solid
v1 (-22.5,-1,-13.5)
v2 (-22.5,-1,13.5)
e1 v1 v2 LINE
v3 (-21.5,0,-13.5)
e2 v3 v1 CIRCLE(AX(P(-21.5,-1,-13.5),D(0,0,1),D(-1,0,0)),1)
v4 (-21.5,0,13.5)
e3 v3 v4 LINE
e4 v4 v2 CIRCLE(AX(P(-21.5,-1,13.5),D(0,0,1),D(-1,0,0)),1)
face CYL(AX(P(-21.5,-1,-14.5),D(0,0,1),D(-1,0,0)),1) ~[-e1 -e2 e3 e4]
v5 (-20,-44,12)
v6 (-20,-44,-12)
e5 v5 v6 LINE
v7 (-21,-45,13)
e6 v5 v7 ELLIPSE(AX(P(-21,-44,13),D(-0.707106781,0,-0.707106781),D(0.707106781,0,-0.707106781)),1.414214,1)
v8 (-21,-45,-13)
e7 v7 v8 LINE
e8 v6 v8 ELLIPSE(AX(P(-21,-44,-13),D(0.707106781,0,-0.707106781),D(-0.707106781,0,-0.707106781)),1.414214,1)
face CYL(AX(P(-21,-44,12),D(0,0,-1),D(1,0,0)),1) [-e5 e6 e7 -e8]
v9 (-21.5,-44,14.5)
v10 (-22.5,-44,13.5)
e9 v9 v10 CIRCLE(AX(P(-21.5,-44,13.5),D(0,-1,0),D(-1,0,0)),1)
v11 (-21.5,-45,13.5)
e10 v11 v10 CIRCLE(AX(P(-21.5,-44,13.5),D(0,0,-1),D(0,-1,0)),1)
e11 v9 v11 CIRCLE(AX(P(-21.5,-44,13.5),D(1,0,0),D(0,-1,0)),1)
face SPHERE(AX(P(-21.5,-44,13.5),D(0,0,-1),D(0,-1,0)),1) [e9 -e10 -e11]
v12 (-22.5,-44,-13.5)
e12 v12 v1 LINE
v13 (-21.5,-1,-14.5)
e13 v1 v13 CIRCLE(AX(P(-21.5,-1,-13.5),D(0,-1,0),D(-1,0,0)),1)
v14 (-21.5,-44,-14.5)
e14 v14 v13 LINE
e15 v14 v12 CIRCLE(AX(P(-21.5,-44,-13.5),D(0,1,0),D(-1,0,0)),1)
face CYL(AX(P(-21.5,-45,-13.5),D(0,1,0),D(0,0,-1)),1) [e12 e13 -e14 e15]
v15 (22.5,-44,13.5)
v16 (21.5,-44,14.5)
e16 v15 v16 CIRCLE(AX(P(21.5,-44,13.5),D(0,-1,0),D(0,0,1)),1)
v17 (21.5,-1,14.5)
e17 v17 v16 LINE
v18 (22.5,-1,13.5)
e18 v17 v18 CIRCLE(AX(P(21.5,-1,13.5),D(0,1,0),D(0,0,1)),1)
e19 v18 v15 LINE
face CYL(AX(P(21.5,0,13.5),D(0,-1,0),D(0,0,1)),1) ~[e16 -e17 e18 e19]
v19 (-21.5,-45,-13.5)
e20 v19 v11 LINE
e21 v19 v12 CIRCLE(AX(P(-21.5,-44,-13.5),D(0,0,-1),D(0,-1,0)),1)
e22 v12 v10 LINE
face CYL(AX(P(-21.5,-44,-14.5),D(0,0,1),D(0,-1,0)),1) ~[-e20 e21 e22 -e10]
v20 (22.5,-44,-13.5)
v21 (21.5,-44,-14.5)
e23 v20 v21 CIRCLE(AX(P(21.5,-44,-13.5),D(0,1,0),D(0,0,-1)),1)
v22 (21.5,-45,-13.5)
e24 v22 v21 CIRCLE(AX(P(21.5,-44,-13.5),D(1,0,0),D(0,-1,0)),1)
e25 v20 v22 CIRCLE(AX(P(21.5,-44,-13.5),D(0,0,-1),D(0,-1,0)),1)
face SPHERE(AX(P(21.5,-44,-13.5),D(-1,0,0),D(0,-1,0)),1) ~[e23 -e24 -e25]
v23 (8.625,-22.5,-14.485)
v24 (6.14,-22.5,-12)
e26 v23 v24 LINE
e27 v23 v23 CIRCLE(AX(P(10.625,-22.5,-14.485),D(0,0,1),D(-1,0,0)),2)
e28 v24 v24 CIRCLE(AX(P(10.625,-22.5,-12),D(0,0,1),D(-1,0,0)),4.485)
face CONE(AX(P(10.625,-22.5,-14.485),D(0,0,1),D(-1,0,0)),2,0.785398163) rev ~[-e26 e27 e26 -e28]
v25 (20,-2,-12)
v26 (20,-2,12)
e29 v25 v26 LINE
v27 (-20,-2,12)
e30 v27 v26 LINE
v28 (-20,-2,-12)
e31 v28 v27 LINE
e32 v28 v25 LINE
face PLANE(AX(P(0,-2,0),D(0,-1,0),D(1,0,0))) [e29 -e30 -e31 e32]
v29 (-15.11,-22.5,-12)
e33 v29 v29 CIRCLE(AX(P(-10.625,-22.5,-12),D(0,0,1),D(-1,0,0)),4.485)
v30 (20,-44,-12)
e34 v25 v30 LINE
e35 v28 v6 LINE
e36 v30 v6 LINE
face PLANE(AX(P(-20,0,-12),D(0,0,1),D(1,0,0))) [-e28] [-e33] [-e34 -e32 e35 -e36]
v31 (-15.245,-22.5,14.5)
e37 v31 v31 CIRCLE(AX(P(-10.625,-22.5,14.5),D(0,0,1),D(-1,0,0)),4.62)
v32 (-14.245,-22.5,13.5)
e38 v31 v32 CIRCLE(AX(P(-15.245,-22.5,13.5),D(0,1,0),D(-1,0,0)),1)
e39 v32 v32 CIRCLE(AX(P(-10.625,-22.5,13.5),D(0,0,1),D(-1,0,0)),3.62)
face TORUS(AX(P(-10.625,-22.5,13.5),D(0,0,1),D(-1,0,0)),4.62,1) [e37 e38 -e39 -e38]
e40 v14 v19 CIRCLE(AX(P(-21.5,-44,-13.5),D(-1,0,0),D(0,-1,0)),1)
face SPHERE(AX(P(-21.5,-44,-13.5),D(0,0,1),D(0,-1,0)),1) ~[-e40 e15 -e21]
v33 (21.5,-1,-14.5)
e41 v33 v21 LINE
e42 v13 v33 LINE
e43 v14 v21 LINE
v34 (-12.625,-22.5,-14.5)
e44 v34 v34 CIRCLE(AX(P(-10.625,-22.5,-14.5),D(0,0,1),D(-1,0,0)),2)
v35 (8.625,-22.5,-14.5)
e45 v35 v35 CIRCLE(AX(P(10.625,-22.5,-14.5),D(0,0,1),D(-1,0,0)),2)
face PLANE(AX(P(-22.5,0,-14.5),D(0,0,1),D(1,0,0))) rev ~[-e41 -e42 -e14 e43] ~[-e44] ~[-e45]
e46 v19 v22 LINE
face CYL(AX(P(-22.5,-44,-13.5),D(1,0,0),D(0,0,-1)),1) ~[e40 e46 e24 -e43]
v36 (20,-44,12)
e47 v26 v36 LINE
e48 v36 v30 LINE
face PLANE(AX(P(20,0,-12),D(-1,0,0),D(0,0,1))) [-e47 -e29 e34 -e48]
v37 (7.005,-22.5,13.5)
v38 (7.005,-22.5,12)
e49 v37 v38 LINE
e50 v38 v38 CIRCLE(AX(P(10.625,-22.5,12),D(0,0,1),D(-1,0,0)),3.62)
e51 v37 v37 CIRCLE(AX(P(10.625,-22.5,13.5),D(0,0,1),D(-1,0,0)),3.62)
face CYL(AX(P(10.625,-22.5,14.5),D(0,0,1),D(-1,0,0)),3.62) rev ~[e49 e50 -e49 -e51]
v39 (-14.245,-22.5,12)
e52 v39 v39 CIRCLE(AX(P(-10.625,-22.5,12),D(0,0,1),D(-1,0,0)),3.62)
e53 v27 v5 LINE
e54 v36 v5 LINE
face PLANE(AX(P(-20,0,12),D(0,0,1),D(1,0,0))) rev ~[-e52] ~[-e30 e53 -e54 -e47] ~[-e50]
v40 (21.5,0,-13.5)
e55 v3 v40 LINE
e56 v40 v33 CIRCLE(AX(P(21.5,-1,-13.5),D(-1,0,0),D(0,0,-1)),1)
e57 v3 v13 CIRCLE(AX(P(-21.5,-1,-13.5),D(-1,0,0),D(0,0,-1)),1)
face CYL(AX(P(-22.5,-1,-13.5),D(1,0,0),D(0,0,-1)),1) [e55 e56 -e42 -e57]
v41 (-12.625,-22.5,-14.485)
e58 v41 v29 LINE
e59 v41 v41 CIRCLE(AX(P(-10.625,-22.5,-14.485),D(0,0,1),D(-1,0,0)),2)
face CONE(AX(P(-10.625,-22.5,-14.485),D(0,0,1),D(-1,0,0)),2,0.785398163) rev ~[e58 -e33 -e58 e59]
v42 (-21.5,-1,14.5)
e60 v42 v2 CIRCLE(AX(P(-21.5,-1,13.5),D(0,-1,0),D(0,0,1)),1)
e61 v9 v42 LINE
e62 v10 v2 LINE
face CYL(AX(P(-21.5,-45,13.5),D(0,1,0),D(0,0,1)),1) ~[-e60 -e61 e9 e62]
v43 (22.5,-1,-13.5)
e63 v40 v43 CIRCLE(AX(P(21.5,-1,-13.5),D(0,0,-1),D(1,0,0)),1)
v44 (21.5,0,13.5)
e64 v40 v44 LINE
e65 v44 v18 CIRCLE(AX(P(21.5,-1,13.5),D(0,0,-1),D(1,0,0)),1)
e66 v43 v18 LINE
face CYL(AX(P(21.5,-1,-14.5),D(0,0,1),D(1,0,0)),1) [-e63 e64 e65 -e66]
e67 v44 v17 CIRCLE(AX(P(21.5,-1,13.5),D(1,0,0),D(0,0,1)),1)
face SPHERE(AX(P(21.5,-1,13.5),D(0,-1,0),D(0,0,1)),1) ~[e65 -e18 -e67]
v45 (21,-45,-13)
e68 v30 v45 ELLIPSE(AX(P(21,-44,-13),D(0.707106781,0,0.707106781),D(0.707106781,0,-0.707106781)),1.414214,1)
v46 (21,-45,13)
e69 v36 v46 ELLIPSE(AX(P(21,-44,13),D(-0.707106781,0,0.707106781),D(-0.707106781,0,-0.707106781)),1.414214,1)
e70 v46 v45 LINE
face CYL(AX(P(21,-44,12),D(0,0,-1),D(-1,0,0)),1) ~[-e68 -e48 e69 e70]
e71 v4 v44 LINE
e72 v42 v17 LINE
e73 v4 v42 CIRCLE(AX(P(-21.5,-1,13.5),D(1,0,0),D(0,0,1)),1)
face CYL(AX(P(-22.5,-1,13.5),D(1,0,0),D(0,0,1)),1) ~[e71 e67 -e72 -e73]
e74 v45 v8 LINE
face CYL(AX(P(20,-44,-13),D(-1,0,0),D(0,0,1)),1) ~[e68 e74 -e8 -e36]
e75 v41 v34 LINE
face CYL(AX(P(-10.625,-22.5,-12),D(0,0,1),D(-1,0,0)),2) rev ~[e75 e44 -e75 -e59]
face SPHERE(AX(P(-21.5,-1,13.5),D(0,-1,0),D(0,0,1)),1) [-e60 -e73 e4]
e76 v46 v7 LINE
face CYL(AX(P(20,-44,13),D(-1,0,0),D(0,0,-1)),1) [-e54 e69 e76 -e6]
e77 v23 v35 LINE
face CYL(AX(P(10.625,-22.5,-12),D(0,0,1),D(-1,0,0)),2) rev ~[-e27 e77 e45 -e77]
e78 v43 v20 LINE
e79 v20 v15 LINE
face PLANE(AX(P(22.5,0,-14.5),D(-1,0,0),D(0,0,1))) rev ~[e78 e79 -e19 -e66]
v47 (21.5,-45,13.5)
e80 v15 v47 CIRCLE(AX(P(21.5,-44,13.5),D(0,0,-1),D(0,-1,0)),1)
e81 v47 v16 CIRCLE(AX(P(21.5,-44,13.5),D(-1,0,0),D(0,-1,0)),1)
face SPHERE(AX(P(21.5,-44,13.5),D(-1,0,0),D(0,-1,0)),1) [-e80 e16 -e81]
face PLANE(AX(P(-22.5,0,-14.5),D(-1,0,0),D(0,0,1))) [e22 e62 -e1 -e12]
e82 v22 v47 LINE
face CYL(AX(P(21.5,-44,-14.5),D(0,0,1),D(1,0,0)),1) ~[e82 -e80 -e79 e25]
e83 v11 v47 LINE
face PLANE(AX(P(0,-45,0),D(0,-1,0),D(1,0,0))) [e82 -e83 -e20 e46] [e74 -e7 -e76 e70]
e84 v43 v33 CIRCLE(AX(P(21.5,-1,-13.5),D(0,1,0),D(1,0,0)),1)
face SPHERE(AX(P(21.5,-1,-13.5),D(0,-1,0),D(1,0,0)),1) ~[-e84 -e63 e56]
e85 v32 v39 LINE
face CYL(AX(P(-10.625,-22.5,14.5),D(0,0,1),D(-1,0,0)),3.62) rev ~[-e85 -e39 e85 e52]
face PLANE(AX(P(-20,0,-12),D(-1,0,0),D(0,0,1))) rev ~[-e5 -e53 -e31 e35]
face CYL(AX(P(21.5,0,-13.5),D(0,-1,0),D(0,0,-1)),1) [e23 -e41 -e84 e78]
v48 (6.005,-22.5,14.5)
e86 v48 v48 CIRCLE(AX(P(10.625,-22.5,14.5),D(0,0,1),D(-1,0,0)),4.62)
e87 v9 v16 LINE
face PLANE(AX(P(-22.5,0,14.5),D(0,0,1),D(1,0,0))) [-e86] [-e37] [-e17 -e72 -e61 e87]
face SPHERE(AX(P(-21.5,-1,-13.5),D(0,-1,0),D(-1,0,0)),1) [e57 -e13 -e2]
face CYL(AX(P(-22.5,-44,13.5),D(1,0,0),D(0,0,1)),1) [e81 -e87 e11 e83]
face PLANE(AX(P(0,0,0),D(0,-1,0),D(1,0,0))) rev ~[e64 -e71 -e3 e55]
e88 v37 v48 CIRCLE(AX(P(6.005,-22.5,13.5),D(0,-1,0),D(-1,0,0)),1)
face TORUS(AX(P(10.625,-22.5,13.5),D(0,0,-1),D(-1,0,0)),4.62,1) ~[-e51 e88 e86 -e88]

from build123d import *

# Parameters (mm, degrees)
SKETCH_W          = 45
SKETCH_H          = 29
PAD_DEPTH         = 45
SKETCH001_W       = 40
SKETCH001_H       = 24
POCKET_DEPTH      = 0.001
POCKET_DEPTH_BACK = 45.001
SKETCH002_R       = 3.62
POCKET001_DEPTH   = 3.5
SKETCH003_R       = 2
POCKET002_DEPTH   = 2.5
CHAMFER_SIZE      = 2.485
SKETCH004_W       = 45
SKETCH004_H       = 29
PAD001_DEPTH      = 2
FILLET_R          = 1


with BuildPart() as part:
    # Sketch → Pad (new body)
    with BuildSketch(Plane.XZ):
        Rectangle(SKETCH_W, SKETCH_H)
    extrude(amount=PAD_DEPTH)

    # Sketch001 → Pocket (cut, two sides)
    with BuildSketch(Plane.XZ) as pocket_sk:
        Rectangle(SKETCH001_W, SKETCH001_H)
    extrude(amount=-POCKET_DEPTH, mode=Mode.SUBTRACT)
    extrude(pocket_sk.sketch, amount=POCKET_DEPTH_BACK, mode=Mode.SUBTRACT)

    # Sketch002 (on DatumPlane) → Pocket001 (cut)
    with BuildSketch(Plane(origin=(0, 0, 14.5), x_dir=(-1, 0, 0), z_dir=(0, 0, 1))):
        with Locations((-10.625, 22.5)):
            Circle(SKETCH002_R)
        with Locations((10.625, 22.5)):
            Circle(SKETCH002_R)
    extrude(amount=-POCKET001_DEPTH, mode=Mode.SUBTRACT)

    # Sketch003 (on DatumPlane) → Pocket002 (cut)
    with BuildSketch(Plane(origin=(0, 0, -12), x_dir=(-1, 0, 0), z_dir=(0, 0, 1))):
        with Locations((-10.625, 22.5)):
            Circle(SKETCH003_R)
        with Locations((10.625, 22.5)):
            Circle(SKETCH003_R)
    extrude(amount=-POCKET002_DEPTH, mode=Mode.SUBTRACT)

    # Chamfer
    chamfer_edges = [part.edges().sort_by_distance(p)[0] for p in [
        (-8.625, -22.5, -12),
        (12.625, -22.5, -12),
    ]]
    chamfer(chamfer_edges, length=CHAMFER_SIZE)

    # Sketch004 → Pad001 (join)
    with BuildSketch(Plane.XZ):
        Rectangle(SKETCH004_W, SKETCH004_H)
    extrude(amount=PAD001_DEPTH)

    # Fillet
    fillet_edges = [part.edges().sort_by_distance(p)[0] for p in [
        (-22.5, -45, 0),
        (0, -45, 14.5),
        (0, -45, -14.5),
        (22.5, -45, 0),
        (-20, -45, 0),
        (0, -45, 12),
        (20, -45, 0),
        (0, -45, -12),
        (22.5, -23.5, 14.5),
        (22.5, -23.5, -14.5),
        (-22.5, -23.5, 14.5),
        (-22.5, -23.5, -14.5),
        (0, 0, 14.5),
        (-22.5, 0, 0),
        (22.5, 0, 0),
        (22.5, -1, 14.5),
        (-22.5, -1, 14.5),
        (-22.5, -1, -14.5),
        (22.5, -1, -14.5),
        (0, 0, -14.5),
        (-7.005, -22.5, 14.5),
        (14.245, -22.5, 14.5),
    ]]
    fillet(fillet_edges, radius=FILLET_R)


solid = part.part
